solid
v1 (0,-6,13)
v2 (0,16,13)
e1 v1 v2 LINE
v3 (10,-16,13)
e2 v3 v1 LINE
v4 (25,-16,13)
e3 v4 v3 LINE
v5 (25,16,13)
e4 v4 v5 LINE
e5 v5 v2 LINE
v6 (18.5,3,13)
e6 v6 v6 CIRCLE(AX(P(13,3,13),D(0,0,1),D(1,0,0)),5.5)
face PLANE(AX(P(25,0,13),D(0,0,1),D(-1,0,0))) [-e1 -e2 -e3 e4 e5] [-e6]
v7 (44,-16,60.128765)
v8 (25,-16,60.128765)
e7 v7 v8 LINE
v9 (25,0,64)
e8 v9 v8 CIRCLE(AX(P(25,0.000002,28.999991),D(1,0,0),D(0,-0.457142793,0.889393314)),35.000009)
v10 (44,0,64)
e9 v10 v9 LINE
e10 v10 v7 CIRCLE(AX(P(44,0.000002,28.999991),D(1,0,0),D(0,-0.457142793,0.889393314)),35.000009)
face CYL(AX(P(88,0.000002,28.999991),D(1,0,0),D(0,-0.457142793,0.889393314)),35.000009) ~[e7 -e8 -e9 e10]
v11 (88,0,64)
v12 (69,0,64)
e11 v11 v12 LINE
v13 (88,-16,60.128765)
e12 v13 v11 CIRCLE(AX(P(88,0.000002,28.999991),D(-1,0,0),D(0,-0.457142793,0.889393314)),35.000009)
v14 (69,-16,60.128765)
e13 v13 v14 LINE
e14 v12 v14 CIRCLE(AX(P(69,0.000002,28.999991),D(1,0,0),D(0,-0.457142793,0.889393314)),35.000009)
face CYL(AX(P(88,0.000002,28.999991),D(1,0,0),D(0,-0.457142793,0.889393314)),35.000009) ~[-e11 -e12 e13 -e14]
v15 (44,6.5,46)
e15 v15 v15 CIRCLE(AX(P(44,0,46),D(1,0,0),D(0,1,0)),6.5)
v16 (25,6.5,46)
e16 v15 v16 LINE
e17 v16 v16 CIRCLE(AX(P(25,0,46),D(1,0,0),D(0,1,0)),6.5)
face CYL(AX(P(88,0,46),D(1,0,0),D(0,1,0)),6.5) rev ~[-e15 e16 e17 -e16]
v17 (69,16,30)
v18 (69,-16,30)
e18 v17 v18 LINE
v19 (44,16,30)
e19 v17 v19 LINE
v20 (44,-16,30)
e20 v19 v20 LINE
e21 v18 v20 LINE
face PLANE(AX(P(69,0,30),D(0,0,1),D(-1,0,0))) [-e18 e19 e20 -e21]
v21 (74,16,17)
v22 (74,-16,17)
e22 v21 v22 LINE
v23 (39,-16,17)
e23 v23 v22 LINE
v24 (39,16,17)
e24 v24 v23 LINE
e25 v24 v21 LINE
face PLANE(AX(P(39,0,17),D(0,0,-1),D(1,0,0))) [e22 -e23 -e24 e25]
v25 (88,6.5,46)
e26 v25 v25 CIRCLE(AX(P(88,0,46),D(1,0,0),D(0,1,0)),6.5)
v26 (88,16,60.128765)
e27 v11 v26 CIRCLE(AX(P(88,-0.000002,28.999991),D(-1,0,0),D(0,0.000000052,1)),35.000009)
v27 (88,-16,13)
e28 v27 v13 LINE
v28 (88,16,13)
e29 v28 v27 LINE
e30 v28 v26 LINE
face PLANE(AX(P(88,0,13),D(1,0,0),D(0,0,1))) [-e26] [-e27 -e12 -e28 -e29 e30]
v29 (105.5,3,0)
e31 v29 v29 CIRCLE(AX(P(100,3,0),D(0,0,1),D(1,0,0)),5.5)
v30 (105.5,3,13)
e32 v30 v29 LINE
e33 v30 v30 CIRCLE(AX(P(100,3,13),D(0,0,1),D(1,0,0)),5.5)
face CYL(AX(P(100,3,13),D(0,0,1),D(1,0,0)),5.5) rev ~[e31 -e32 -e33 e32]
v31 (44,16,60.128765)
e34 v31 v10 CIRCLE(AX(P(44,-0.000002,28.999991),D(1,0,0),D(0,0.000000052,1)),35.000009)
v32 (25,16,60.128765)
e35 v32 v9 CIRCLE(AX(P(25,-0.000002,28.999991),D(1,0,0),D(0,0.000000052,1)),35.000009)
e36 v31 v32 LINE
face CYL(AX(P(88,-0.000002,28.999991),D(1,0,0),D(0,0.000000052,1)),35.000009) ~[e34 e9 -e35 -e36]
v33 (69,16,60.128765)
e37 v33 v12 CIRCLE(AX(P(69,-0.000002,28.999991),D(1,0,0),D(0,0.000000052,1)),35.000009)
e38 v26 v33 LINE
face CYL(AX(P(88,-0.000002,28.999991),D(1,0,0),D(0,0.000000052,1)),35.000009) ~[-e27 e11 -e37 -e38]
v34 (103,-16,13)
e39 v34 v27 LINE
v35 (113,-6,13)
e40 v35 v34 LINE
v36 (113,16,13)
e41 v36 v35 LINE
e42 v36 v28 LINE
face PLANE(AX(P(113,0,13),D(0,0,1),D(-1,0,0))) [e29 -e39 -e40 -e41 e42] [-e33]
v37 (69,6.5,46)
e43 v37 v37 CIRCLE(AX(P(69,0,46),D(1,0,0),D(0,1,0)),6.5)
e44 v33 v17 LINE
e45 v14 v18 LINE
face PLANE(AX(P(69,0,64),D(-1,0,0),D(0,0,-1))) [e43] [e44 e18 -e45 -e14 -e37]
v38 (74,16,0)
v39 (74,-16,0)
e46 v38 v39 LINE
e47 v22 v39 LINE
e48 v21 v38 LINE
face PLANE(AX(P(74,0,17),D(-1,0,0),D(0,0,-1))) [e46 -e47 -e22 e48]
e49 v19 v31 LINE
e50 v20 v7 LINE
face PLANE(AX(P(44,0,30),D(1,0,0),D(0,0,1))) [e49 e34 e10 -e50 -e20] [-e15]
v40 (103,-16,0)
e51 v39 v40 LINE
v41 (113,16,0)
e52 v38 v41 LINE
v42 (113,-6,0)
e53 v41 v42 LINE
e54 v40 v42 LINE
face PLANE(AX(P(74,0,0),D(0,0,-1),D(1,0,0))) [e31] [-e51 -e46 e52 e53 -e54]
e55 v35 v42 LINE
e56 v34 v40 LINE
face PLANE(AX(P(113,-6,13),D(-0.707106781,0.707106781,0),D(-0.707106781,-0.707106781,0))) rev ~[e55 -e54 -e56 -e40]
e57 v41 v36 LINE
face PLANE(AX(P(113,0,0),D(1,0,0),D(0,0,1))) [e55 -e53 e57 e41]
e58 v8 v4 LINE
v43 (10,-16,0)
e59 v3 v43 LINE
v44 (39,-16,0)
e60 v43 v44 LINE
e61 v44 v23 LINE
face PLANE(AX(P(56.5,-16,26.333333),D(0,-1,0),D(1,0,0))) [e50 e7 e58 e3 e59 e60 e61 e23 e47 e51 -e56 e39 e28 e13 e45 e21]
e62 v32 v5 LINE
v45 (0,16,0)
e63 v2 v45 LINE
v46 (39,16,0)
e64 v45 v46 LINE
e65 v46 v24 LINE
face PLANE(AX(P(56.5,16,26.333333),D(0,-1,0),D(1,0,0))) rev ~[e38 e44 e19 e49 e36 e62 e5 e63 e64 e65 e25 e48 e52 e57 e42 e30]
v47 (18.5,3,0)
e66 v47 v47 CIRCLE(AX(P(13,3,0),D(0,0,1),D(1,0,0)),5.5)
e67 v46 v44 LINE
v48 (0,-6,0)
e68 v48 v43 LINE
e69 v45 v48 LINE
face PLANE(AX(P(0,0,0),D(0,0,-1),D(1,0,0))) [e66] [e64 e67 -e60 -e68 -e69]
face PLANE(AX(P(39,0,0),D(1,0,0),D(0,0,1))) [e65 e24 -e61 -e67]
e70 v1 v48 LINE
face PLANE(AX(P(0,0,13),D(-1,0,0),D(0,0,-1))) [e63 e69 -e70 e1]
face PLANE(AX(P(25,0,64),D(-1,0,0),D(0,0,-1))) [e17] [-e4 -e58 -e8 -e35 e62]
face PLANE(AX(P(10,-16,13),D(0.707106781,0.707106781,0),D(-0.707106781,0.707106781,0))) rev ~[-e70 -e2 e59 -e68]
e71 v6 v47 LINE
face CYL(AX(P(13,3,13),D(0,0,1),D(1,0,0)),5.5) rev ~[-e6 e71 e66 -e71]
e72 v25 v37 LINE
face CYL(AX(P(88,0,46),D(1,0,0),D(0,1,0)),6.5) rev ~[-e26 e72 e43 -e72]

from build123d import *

# Parameters (mm, degrees)
F1_DEPTH  = 16
F2_R      = 6.5
F3_DEPTH  = 88.001
F4_DEPTH  = 88.001
F5_R      = 5.5
F6_DEPTH  = 13.001
F7_DEPTH  = 13.001
F8_R      = 5.5
F9_DEPTH  = 13.001
F10_DEPTH = 13.001


with BuildPart() as f1:
    # F0 (on Front) → F1 (new body, symmetric)
    with BuildSketch(Plane.XZ):
        Polygon((0, 13), (0, 0), (39, 0), (39, 17), (74, 17), (74, 0), (113, 0), (113, 13), (88, 13), (88, 64), (69, 64), (69, 30), (44, 30), (44, 64), (25, 64), (25, 13), align=None)
    extrude(amount=F1_DEPTH, both=True)

    # F2 (on face) → F3 (cut, through all)
    with BuildSketch(Plane.YZ.offset(88)):
        with Locations((0, 46)):
            Circle(F2_R)
    extrude(amount=-F3_DEPTH, mode=Mode.SUBTRACT)

    # F2 (on face) → F4 (cut, through all)
    with BuildSketch(Plane.YZ.offset(88)):
        with BuildLine():
            Line((16, 64), (0, 64))
            ThreePointArc((0, 64), (8.230833, 63.018427), (16, 60.128765))
            Line((16, 60.128765), (16, 64))
        make_face()
        with BuildLine():
            Line((0, 64), (-16, 64))
            Line((-16, 64), (-16, 60.128765))
            ThreePointArc((-16, 60.128765), (-8.230833, 63.018427), (0, 64))
        make_face()
    extrude(amount=-F4_DEPTH, mode=Mode.SUBTRACT)

    # F5 (on face) → F6 (cut, through all)
    with BuildSketch(Plane.XY.offset(13)):
        with Locations((100, 3)):
            Circle(F5_R)
    extrude(amount=-F6_DEPTH, mode=Mode.SUBTRACT)

    # F5 (on face) → F7 (cut, through all)
    with BuildSketch(Plane.XY.offset(13)):
        Polygon((113, -6), (103, -16), (113, -16), align=None)
    extrude(amount=-F7_DEPTH, mode=Mode.SUBTRACT)

    # F8 (on face) → F9 (cut, through all)
    with BuildSketch(Plane.XY.offset(13)):
        with Locations((13, 3)):
            Circle(F8_R)
    extrude(amount=-F9_DEPTH, mode=Mode.SUBTRACT)

    # F8 (on face) → F10 (cut, through all)
    with BuildSketch(Plane.XY.offset(13)):
        Polygon((0, -6), (0, -16), (10, -16), align=None)
    extrude(amount=-F10_DEPTH, mode=Mode.SUBTRACT)


solid = f1.part
